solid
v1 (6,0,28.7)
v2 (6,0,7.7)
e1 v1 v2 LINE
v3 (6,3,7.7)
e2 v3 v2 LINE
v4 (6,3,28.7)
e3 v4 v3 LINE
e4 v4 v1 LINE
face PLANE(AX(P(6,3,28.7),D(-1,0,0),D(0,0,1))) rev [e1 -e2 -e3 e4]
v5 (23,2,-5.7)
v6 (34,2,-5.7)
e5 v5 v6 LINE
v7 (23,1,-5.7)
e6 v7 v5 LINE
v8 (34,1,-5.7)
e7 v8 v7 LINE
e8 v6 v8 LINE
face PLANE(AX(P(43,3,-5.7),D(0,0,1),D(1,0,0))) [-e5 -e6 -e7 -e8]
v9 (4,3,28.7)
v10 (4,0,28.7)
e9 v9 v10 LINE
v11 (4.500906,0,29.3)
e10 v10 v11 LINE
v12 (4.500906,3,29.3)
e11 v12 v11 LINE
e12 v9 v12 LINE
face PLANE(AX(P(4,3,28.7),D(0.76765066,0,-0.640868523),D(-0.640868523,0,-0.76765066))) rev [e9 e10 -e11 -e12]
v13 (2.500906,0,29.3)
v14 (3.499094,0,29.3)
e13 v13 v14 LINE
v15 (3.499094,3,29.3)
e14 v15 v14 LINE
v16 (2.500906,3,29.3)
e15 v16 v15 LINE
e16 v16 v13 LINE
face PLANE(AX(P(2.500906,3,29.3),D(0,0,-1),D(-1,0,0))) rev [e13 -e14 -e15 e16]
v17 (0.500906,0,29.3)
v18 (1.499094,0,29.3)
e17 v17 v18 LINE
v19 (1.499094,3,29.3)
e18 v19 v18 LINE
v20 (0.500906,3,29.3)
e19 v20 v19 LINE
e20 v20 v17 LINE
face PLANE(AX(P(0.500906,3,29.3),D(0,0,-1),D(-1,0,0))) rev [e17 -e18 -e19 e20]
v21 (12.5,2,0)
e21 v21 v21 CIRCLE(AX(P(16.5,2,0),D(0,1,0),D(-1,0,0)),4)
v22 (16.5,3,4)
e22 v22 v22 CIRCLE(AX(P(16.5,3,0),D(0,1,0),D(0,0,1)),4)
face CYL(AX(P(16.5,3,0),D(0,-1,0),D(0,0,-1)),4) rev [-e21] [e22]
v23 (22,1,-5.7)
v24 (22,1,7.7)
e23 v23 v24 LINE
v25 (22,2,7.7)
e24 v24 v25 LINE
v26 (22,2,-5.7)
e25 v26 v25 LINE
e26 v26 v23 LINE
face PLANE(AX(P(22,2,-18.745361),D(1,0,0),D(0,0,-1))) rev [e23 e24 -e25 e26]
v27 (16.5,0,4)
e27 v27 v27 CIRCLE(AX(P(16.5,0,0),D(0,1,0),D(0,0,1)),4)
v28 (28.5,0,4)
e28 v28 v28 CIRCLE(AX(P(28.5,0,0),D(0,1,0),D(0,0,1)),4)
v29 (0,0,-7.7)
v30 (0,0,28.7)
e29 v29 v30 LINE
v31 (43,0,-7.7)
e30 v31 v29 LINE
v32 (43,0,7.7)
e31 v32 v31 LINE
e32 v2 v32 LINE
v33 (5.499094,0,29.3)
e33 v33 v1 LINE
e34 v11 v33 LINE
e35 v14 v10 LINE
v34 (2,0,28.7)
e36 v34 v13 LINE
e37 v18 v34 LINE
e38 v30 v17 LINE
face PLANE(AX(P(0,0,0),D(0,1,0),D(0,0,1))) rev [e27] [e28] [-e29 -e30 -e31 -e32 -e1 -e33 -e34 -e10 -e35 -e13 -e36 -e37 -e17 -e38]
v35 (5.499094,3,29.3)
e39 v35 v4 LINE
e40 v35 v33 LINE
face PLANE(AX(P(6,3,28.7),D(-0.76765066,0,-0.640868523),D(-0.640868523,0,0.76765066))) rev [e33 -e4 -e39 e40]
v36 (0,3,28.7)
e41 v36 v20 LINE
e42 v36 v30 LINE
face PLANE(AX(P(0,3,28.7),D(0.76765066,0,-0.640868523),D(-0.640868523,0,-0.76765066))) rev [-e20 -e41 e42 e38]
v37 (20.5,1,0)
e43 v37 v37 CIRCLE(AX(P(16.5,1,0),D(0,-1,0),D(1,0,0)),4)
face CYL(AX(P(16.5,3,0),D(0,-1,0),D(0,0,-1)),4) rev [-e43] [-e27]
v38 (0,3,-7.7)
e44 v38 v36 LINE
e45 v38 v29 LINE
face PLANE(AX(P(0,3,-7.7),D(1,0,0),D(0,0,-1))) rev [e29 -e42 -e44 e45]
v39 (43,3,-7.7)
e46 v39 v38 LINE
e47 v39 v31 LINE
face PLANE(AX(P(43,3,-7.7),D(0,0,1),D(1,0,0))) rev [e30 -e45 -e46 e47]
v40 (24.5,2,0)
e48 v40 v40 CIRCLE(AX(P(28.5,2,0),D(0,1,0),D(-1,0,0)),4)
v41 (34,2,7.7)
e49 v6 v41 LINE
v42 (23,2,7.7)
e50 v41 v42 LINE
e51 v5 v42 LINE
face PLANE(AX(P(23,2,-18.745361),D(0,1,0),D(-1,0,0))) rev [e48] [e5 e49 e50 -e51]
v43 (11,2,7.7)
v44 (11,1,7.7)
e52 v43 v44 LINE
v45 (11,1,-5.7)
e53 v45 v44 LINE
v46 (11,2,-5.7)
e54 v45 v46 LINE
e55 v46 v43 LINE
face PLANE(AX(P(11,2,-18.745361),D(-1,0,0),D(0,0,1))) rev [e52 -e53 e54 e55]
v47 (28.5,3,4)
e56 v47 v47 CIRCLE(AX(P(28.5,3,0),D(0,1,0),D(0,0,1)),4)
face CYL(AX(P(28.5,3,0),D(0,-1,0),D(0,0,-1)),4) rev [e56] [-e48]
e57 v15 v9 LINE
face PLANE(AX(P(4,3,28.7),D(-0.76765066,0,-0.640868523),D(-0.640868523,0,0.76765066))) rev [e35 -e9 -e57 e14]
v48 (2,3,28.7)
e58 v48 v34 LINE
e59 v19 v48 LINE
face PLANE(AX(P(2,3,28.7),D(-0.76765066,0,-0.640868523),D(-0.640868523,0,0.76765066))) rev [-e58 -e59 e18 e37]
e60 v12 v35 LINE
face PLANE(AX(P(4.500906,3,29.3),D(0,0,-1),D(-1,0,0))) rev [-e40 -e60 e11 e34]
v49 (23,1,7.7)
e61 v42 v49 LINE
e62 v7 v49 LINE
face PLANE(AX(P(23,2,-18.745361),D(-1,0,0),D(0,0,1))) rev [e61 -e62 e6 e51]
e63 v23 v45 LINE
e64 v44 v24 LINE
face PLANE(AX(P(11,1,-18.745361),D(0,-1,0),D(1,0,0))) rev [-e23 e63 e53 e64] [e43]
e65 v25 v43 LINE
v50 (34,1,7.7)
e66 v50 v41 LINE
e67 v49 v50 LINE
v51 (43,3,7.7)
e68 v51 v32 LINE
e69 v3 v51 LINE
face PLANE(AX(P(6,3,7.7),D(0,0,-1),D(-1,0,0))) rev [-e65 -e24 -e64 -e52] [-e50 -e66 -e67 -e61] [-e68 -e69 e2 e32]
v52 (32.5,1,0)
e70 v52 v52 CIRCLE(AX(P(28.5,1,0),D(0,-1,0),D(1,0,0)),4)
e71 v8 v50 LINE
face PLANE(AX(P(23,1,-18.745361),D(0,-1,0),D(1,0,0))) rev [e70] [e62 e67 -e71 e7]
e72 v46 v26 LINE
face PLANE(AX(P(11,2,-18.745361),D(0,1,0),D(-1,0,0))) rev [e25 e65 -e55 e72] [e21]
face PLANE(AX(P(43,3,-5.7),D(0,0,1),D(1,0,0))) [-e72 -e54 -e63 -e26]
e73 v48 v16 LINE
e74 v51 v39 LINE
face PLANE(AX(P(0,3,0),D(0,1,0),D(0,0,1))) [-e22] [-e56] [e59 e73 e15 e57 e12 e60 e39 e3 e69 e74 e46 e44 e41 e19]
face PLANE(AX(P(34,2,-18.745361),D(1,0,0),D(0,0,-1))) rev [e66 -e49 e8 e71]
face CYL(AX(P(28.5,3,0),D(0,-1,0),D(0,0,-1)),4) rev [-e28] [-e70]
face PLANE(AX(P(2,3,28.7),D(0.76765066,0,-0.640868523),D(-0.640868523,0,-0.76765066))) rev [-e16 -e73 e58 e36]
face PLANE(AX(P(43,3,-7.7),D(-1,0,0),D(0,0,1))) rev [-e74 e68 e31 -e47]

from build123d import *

# Parameters (mm, degrees)
SKETCH1_R           = 4
BOSS_EXTRUDE1_DEPTH = 3
SKETCH2_W           = 11
SKETCH2_H           = 1
CUT_EXTRUDE1_DEPTH  = 13.4


with BuildPart() as part:
    # Sketch1 → Boss-Extrude1 (new body)
    with BuildSketch(Plane(origin=(0, 0, 0), x_dir=(1, 0, 0), z_dir=(0, 1, 0))):
        Polygon((43, 7.7), (43, -7.7), (6, -7.7), (6, -28.7), (5.499093619, -29.3), (4.500906381, -29.3), (4, -28.7), (3.499093619, -29.3), (2.500906381, -29.3), (2, -28.7), (1.499093619, -29.3), (0.500906381, -29.3), (0, -28.7), (0, 7.7), align=None)
        with Locations((16.5, 0)):
            Circle(SKETCH1_R, mode=Mode.SUBTRACT)
        with Locations((28.5, 0)):
            Circle(SKETCH1_R, mode=Mode.SUBTRACT)
    extrude(amount=BOSS_EXTRUDE1_DEPTH)

    # Sketch2 → Cut-Extrude1 (cut)
    with BuildSketch(Plane.XY.offset(7.7)):
        with Locations((16.5, 1.5)):
            Rectangle(SKETCH2_W, SKETCH2_H)
        with Locations((28.5, 1.5)):
            Rectangle(SKETCH2_W, SKETCH2_H)
    extrude(amount=-CUT_EXTRUDE1_DEPTH, mode=Mode.SUBTRACT)


solid = part.part
